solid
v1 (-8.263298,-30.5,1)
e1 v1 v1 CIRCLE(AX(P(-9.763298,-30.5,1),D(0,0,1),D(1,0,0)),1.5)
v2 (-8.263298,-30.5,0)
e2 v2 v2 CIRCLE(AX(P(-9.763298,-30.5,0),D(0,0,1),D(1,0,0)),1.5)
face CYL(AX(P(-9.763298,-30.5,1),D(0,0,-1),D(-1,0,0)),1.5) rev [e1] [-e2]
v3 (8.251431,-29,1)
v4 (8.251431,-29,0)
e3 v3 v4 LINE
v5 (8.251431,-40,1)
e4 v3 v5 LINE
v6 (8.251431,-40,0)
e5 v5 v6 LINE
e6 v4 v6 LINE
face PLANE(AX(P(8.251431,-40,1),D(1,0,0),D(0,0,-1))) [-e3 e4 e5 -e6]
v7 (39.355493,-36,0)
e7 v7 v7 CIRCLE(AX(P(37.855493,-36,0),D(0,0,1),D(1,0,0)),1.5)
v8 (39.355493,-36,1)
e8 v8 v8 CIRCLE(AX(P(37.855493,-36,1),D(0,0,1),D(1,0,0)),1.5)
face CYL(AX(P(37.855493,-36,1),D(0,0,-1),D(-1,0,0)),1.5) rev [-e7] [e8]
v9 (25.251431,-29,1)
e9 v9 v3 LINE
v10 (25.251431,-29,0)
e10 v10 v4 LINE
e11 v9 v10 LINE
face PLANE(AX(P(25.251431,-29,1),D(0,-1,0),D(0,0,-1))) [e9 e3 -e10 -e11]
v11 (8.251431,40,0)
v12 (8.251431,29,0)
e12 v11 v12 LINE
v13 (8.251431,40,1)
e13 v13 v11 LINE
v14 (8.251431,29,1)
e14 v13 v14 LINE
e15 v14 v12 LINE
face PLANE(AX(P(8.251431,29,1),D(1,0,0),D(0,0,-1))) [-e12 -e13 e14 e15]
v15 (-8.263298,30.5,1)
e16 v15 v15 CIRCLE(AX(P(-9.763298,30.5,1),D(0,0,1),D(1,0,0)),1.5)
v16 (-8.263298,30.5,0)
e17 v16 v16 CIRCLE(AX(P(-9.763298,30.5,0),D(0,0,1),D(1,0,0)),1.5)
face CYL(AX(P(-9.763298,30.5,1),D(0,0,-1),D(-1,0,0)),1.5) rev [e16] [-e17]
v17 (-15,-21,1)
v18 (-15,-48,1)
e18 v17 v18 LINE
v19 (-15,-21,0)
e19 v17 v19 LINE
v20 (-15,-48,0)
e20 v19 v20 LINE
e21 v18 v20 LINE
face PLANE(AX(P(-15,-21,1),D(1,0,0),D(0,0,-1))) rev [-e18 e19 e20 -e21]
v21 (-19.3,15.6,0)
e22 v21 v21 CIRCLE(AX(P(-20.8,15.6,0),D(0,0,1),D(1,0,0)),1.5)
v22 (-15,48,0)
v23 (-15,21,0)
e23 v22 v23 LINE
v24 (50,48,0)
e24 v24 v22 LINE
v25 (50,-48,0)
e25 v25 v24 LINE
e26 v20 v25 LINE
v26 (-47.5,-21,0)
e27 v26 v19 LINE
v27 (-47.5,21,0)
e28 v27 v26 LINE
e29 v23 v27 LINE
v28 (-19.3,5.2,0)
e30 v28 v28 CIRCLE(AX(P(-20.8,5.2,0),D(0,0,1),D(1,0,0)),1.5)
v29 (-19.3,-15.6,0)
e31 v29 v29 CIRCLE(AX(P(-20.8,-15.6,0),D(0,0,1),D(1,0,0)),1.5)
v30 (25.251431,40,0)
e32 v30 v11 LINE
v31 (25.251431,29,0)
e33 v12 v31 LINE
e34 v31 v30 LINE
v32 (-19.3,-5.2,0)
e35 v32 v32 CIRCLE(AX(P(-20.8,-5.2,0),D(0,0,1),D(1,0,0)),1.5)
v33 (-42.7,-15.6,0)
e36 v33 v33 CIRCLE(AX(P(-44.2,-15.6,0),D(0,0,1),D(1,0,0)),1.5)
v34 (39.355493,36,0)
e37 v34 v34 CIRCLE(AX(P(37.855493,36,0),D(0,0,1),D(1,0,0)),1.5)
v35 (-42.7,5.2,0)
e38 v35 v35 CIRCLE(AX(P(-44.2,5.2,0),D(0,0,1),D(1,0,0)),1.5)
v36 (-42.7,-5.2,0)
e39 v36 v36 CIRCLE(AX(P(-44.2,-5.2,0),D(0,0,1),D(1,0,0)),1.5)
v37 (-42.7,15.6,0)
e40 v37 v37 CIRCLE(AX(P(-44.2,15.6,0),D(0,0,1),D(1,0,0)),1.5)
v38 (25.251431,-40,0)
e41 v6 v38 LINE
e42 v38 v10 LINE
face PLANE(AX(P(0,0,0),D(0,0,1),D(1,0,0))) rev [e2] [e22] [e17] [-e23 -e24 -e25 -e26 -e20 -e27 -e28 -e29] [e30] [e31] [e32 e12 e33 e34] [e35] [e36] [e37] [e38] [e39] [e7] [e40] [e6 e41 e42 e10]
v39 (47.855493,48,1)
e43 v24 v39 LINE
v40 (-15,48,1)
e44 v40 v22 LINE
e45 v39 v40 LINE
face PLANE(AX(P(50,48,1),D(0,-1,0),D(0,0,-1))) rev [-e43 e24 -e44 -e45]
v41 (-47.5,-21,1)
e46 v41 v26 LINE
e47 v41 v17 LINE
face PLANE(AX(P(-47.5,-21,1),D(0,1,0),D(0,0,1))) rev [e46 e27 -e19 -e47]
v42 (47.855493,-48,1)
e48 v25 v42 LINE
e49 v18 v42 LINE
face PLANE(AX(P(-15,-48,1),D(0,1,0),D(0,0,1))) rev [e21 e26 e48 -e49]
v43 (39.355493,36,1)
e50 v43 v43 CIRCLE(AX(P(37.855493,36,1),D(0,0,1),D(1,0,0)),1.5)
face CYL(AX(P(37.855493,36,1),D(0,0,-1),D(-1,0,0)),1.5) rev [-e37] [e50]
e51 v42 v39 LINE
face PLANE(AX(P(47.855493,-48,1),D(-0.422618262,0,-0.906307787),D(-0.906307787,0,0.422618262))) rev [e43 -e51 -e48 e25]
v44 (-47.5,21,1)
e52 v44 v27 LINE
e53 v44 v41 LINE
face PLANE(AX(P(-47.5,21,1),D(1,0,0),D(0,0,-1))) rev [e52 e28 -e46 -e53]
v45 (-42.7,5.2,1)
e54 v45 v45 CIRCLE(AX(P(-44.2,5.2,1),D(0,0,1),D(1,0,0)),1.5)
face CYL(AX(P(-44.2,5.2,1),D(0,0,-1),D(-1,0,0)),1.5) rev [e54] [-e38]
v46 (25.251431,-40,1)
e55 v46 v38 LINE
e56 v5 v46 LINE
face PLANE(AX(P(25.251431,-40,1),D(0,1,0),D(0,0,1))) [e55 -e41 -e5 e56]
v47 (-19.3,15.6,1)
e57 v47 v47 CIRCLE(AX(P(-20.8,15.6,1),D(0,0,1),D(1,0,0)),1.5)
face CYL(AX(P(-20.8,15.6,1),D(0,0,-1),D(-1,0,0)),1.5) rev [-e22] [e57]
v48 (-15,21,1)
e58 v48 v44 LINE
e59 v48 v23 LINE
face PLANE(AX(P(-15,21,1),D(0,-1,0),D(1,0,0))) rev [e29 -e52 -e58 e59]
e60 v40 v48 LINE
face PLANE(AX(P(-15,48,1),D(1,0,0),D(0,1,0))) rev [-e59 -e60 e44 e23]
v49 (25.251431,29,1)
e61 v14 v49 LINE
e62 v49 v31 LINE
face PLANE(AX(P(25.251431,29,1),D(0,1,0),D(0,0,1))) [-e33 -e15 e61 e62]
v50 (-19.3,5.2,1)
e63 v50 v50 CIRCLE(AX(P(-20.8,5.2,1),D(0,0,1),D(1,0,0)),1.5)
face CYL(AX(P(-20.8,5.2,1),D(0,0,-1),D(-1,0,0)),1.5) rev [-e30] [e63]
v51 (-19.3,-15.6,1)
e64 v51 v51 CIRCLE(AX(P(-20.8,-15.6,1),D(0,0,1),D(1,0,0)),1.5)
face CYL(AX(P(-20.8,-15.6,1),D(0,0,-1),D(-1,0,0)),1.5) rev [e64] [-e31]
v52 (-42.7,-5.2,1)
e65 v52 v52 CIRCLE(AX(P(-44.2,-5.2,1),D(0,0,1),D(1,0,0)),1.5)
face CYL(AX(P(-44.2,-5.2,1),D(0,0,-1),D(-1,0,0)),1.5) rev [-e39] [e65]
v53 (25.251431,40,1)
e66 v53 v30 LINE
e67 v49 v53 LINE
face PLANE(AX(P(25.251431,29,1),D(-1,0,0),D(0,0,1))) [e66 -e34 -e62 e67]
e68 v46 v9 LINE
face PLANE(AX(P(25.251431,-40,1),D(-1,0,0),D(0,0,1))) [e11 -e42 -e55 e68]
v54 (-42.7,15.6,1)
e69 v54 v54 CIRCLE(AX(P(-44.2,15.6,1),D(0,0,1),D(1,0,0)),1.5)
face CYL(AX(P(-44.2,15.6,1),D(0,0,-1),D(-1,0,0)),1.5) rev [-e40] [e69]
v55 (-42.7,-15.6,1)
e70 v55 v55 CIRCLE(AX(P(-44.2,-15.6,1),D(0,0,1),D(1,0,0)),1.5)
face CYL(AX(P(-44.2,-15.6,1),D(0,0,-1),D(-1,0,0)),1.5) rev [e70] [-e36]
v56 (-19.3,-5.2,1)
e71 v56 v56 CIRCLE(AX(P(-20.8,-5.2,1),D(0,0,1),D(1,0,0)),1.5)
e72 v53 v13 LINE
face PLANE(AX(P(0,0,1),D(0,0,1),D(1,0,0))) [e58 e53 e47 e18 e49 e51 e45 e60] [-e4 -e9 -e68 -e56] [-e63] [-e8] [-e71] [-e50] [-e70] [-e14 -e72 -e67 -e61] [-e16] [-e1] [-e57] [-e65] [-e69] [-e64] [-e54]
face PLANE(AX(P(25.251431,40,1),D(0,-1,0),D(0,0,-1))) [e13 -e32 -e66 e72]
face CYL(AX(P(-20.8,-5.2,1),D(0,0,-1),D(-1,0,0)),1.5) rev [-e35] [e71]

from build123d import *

# Parameters (mm, degrees)
SKETCH_1_R          = 1.5
SKETCH_1_W          = 17
SKETCH_1_H          = 11
EXTRUDE_1_DEPTH     = 1
CUT_EXTRUDE_1_DEPTH = 109.245092268


with BuildPart() as part:
    # Эскиз1 → Бобышка-Вытянуть1 (new body)
    with BuildSketch(Plane(origin=(0, 0, 0), x_dir=(-1, 0, 0), z_dir=(0, 0, 1))):
        Polygon((47.5, 21), (15, 21), (15, 48), (-50, 48), (-50, -48), (15, -48), (15, -21), (47.5, -21), align=None)
        with Locations(Location((20.8, -15.6, 0), (0, 0, 180))):
            Circle(SKETCH_1_R, mode=Mode.SUBTRACT)
        with Locations(Location((20.8, -5.2, 0), (0, 0, 180))):
            Circle(SKETCH_1_R, mode=Mode.SUBTRACT)
        with Locations(Location((20.8, 5.2, 0), (0, 0, 180))):
            Circle(SKETCH_1_R, mode=Mode.SUBTRACT)
        with Locations(Location((20.8, 15.6, 0), (0, 0, 180))):
            Circle(SKETCH_1_R, mode=Mode.SUBTRACT)
        with Locations(Location((44.2, -15.6, 0), (0, 0, 180))):
            Circle(SKETCH_1_R, mode=Mode.SUBTRACT)
        with Locations(Location((44.2, -5.2, 0), (0, 0, 180))):
            Circle(SKETCH_1_R, mode=Mode.SUBTRACT)
        with Locations(Location((44.2, 5.2, 0), (0, 0, 180))):
            Circle(SKETCH_1_R, mode=Mode.SUBTRACT)
        with Locations(Location((44.2, 15.6, 0), (0, 0, 180))):
            Circle(SKETCH_1_R, mode=Mode.SUBTRACT)
        with Locations(Location((9.763297689, -30.5, 0), (0, 0, 180))):
            Circle(SKETCH_1_R, mode=Mode.SUBTRACT)
        with Locations(Location((9.763297689, 30.5, 0), (0, 0, 180))):
            Circle(SKETCH_1_R, mode=Mode.SUBTRACT)
        with Locations(Location((-37.855493079, -36, 0), (0, 0, 180))):
            Circle(SKETCH_1_R, mode=Mode.SUBTRACT)
        with Locations(Location((-37.855493079, 36, 0), (0, 0, 180))):
            Circle(SKETCH_1_R, mode=Mode.SUBTRACT)
        with Locations((-16.751430991, 34.5)):
            Rectangle(SKETCH_1_W, SKETCH_1_H, mode=Mode.SUBTRACT)
        with Locations((-16.751430991, -34.5)):
            Rectangle(SKETCH_1_W, SKETCH_1_H, mode=Mode.SUBTRACT)
    extrude(amount=EXTRUDE_1_DEPTH)

    # Эскиз2 → Вырез-Вытянуть1 (cut, through all)
    with BuildSketch(Plane(origin=(0, 48, 0), x_dir=(1, 0, 0), z_dir=(0, 1, 0))):
        Polygon((47.855493079, -1), (50, 0), (50, -1), align=None)
    extrude(amount=-CUT_EXTRUDE_1_DEPTH, mode=Mode.SUBTRACT)


solid = part.part
